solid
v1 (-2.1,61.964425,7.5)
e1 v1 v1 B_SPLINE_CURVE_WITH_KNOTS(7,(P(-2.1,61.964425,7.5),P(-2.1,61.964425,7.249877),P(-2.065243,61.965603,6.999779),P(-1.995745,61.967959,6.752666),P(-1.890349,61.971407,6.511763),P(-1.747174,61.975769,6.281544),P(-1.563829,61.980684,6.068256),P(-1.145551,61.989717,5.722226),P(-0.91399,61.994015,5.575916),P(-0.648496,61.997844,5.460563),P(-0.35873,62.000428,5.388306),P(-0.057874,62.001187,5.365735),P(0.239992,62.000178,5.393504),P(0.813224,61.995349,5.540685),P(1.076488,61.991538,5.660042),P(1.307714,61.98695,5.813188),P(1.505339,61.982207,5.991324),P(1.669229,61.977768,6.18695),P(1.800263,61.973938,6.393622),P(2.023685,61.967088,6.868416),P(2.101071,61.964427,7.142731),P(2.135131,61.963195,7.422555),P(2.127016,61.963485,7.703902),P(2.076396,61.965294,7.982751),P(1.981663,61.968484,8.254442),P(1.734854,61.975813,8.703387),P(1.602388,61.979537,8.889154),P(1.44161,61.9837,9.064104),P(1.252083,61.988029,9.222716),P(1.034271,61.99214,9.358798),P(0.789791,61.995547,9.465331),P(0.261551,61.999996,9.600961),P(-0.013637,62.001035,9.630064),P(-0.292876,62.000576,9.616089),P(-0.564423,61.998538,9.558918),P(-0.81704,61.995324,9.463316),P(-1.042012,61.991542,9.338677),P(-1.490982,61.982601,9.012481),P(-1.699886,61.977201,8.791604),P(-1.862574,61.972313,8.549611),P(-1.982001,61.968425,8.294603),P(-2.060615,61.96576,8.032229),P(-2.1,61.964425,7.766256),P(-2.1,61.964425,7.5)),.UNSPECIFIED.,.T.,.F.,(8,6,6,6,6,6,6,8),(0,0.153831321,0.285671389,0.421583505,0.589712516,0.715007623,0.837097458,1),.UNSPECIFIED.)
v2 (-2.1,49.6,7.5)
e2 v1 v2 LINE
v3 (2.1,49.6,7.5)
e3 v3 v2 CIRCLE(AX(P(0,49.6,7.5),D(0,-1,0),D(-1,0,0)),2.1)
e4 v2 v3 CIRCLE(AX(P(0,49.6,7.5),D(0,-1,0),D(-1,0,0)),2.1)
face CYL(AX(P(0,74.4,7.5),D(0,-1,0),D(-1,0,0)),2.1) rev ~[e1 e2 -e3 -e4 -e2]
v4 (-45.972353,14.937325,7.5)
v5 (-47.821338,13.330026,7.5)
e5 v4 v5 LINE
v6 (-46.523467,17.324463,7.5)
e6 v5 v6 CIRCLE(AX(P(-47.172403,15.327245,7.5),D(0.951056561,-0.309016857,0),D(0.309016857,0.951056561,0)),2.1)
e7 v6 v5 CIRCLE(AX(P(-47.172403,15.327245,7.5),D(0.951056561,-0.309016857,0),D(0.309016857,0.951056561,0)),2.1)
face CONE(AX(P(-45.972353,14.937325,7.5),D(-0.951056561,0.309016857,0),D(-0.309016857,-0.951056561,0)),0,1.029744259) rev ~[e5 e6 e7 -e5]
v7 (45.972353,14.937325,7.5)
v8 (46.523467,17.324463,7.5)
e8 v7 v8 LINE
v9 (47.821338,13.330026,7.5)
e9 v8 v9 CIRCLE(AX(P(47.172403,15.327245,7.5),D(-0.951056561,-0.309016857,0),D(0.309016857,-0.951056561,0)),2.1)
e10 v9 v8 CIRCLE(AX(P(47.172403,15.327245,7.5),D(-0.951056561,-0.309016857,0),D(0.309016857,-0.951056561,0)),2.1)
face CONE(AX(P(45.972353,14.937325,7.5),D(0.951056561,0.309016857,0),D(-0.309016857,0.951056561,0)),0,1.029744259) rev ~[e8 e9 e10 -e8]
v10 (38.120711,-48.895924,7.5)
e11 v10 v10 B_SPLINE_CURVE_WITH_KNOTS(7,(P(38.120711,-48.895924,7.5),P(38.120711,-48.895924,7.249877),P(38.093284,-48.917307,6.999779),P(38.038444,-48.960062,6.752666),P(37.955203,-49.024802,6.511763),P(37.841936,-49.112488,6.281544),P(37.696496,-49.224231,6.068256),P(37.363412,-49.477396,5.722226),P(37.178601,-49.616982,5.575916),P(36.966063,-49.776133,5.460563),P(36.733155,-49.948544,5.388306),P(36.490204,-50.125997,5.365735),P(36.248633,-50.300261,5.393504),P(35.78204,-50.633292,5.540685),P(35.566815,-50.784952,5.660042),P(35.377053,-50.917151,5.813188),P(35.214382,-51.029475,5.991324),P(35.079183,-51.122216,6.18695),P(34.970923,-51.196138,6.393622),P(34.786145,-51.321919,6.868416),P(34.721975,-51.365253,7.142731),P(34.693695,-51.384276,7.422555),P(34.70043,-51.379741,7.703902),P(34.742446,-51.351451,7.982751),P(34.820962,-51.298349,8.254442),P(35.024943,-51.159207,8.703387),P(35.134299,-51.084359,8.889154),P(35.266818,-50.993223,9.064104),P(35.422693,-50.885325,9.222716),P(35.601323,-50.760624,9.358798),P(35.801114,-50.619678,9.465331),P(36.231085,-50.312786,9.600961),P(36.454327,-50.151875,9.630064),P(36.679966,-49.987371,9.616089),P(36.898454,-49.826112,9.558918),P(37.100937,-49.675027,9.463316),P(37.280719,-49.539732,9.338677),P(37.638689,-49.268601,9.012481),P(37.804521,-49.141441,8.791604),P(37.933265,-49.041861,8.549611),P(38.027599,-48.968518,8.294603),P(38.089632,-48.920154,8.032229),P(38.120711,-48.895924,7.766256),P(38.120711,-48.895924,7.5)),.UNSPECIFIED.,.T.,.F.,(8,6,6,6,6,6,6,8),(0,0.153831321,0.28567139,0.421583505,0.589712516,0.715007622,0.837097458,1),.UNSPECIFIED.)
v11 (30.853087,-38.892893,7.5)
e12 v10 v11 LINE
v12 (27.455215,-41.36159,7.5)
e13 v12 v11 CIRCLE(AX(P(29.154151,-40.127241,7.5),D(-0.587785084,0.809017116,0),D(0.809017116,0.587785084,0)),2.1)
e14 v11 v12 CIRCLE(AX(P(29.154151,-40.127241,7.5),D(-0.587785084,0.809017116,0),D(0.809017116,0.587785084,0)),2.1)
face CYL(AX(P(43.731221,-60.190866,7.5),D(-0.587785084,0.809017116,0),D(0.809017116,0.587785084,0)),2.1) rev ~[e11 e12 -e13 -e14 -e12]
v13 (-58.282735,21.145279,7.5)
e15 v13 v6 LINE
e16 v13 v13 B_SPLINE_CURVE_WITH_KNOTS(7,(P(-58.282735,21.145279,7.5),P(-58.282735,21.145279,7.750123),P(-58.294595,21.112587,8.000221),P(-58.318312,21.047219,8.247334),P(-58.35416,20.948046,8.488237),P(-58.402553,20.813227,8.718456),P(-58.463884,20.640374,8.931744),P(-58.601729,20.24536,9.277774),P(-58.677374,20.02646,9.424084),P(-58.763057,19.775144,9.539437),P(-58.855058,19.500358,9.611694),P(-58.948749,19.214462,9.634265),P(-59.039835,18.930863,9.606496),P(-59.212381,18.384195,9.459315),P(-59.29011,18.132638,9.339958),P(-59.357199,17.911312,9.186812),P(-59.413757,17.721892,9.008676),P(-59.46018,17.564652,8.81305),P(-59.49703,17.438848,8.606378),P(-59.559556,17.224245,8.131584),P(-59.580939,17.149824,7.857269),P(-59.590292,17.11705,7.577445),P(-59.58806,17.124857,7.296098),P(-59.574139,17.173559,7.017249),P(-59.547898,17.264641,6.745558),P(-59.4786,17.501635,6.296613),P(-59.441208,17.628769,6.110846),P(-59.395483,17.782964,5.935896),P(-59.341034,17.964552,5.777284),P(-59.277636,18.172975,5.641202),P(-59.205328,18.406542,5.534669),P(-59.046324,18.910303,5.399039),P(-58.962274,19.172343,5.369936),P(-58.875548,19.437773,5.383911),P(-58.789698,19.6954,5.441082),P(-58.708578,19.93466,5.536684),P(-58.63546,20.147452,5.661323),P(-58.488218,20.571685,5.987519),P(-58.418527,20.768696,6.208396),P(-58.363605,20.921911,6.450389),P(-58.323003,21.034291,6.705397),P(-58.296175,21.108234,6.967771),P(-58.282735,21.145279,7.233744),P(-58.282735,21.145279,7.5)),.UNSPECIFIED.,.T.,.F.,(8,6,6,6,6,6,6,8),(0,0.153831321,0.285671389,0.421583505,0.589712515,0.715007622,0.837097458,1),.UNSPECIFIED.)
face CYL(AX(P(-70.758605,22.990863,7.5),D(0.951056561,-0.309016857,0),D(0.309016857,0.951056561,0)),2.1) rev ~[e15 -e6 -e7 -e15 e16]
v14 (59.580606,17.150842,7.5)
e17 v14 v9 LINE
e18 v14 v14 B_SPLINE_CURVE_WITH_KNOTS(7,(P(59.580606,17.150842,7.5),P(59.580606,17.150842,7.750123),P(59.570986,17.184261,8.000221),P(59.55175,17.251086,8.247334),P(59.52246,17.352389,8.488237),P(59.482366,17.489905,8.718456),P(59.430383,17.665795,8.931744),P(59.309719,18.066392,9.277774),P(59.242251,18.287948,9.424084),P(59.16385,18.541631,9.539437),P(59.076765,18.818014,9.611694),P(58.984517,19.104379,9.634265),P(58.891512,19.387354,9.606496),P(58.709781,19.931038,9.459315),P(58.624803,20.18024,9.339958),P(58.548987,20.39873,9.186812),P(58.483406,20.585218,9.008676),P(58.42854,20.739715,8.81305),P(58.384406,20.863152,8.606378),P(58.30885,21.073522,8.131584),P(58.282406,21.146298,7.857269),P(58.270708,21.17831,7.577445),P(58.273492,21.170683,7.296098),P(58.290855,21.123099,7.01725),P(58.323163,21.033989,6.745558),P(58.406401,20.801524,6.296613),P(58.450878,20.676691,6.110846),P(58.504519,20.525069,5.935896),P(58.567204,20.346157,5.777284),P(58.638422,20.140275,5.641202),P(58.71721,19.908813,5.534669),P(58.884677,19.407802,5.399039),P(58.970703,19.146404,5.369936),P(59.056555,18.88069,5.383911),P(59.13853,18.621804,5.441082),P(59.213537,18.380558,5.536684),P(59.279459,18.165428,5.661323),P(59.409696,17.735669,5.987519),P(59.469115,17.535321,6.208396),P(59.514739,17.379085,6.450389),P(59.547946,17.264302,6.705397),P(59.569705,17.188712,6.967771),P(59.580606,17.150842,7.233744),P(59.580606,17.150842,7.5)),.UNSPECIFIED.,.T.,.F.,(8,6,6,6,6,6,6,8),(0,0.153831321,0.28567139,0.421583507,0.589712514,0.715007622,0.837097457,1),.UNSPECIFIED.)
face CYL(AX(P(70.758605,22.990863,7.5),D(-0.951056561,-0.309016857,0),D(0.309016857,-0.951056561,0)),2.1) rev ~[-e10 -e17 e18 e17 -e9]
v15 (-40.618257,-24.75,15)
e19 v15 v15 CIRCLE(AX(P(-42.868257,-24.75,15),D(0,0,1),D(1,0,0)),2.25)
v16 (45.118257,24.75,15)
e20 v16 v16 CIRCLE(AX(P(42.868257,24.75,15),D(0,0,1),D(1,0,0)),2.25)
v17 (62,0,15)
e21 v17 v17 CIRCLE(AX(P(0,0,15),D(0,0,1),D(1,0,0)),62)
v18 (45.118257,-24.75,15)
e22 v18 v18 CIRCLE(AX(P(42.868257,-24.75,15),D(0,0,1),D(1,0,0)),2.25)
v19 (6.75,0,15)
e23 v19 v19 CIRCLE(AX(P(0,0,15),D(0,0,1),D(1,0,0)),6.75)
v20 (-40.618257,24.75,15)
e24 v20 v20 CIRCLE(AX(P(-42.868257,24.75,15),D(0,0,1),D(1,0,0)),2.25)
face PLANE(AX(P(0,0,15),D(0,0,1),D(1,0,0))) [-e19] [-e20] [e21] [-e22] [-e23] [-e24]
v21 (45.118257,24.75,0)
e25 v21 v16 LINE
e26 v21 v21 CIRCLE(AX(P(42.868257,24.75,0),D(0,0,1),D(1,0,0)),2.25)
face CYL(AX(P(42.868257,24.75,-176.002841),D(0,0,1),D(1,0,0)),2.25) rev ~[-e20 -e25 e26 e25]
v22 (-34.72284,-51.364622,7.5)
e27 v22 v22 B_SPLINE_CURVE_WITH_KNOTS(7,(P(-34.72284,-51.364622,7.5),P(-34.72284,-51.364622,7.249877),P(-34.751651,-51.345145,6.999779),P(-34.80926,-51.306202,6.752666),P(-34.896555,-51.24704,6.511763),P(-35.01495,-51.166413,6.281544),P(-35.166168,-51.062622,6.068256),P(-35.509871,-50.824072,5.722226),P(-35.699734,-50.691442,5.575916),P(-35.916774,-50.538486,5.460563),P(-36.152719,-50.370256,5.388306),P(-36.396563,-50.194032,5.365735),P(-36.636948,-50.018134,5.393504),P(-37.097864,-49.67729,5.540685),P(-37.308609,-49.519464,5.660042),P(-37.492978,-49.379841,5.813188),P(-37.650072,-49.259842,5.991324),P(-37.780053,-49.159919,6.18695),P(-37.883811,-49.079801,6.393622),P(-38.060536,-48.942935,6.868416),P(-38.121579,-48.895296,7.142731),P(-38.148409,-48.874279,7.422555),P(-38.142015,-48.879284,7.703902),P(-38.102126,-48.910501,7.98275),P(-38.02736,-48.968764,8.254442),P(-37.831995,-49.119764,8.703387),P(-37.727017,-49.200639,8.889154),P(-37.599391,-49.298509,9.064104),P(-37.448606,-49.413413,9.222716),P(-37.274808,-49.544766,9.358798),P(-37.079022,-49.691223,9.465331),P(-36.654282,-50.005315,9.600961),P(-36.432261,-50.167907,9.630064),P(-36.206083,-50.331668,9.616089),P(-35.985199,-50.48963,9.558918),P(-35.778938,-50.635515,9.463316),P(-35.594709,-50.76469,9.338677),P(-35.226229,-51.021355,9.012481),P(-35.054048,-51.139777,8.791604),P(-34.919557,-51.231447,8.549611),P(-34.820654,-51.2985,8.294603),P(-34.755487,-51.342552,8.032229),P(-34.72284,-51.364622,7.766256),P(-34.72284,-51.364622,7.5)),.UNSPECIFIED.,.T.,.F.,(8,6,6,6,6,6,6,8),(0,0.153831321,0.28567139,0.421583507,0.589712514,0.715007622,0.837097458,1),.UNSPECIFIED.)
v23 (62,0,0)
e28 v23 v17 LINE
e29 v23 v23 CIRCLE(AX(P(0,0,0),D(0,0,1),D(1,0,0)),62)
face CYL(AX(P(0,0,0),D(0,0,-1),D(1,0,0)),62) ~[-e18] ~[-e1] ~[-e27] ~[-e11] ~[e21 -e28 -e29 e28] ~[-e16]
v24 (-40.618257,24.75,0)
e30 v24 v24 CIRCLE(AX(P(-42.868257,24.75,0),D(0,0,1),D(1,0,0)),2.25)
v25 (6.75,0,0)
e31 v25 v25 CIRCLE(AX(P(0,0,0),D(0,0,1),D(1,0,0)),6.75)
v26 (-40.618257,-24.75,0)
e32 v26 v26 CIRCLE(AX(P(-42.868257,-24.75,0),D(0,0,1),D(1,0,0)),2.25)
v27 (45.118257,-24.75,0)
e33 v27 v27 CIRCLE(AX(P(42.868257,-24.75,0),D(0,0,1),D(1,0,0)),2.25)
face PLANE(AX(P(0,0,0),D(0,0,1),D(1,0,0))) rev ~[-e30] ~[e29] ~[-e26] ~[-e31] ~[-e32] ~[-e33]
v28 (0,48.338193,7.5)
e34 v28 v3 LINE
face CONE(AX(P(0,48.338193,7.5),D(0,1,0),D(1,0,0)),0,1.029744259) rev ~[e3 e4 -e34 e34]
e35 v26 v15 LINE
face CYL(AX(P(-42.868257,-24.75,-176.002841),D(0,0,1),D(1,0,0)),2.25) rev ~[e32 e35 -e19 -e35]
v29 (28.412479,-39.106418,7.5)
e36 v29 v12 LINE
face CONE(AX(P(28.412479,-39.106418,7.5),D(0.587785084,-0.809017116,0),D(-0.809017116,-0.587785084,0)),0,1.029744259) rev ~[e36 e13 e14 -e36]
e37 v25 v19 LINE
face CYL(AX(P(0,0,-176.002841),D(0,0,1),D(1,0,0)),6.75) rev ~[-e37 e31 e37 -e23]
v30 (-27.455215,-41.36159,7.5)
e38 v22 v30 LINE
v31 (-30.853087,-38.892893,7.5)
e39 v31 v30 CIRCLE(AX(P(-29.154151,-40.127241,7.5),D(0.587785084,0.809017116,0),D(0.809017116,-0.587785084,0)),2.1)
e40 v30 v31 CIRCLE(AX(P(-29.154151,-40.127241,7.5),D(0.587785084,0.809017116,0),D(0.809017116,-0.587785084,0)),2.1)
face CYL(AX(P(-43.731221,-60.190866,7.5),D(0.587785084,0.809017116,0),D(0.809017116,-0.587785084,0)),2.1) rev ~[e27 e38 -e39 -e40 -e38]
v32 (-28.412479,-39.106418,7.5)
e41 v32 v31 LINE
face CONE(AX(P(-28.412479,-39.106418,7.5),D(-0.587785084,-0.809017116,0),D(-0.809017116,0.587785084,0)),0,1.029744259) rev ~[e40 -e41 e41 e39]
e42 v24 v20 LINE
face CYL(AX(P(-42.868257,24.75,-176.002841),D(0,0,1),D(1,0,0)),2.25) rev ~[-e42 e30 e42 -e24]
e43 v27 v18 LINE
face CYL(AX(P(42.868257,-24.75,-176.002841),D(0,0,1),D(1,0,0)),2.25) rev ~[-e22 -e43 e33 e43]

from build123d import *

# Parameters (mm, degrees)
SKETCH1_R                       = 62
BOSS_EXTRUDE1_DEPTH             = 15
M4_CLEARANCE_HOLE1_D            = 4.5
M12_CLEARANCE_HOLE1_D           = 13.5
M5_TAPPED_HOLE1_D               = 4.2
M5_TAPPED_HOLE1_DEPTH           = 12.4
M5_TAPPED_HOLE1_TIP             = 1.2618073
M5_TAPPED_HOLE1_ON_FACE_2_D     = 4.2
M5_TAPPED_HOLE1_ON_FACE_2_DEPTH = 12.4
M5_TAPPED_HOLE1_ON_FACE_2_TIP   = 1.2618073
M5_TAPPED_HOLE1_ON_FACE_3_D     = 4.2
M5_TAPPED_HOLE1_ON_FACE_3_DEPTH = 12.4
M5_TAPPED_HOLE1_ON_FACE_3_TIP   = 1.2618073
M5_TAPPED_HOLE1_ON_FACE_4_D     = 4.2
M5_TAPPED_HOLE1_ON_FACE_4_DEPTH = 12.4
M5_TAPPED_HOLE1_ON_FACE_4_TIP   = 1.2618073
M5_TAPPED_HOLE1_ON_FACE_5_D     = 4.2
M5_TAPPED_HOLE1_ON_FACE_5_DEPTH = 12.4
M5_TAPPED_HOLE1_ON_FACE_5_TIP   = 1.2618073


with BuildPart() as part:
    # Sketch1 → Boss-Extrude1 (new body)
    with BuildSketch(Plane.XY):
        Circle(SKETCH1_R)
    extrude(amount=BOSS_EXTRUDE1_DEPTH)

    # M4 Clearance Hole1 (through all)
    with Locations(Plane(origin=(0, 0, 0), x_dir=(-1, 0, 0), z_dir=(0, 0, -1))):
        with Locations((-42.868257487, 24.75), (-42.868257487, -24.75), (42.868257487, -24.75), (42.868257487, 24.75)):
            Hole(M4_CLEARANCE_HOLE1_D / 2)

    # M12 Clearance Hole1 (through all)
    with Locations(Plane(origin=(0, 0, 0), x_dir=(-1, 0, 0), z_dir=(0, 0, -1))):
        with Locations((0, 0)):
            Hole(M12_CLEARANCE_HOLE1_D / 2)

    # M5 Tapped Hole1
    with Locations(Plane(origin=(0, 62, 7.5), x_dir=(1, 0, 0), z_dir=(0, 1, 0))):
        with Locations((0, 0)):
            Hole(M5_TAPPED_HOLE1_D / 2, depth=M5_TAPPED_HOLE1_DEPTH)
            with Locations((0, 0, -(M5_TAPPED_HOLE1_DEPTH + M5_TAPPED_HOLE1_TIP / 2))):  # 118° drill point
                Cone(0, M5_TAPPED_HOLE1_D / 2, M5_TAPPED_HOLE1_TIP, mode=Mode.SUBTRACT)

    # M5 Tapped Hole1 on face 2
    with Locations(Plane(origin=(58.96550401, 19.159053651, 7.5), x_dir=(-0.309016857306, 0.951056560832, 0), z_dir=(0.951056560832, 0.309016857306, 0))):
        with Locations((0, 0)):
            Hole(M5_TAPPED_HOLE1_ON_FACE_2_D / 2, depth=M5_TAPPED_HOLE1_ON_FACE_2_DEPTH)
            with Locations((0, 0, -(M5_TAPPED_HOLE1_ON_FACE_2_DEPTH + M5_TAPPED_HOLE1_ON_FACE_2_TIP / 2))):  # 118° drill point
                Cone(0, M5_TAPPED_HOLE1_ON_FACE_2_D / 2, M5_TAPPED_HOLE1_ON_FACE_2_TIP, mode=Mode.SUBTRACT)

    # M5 Tapped Hole1 on face 3
    with Locations(Plane(origin=(36.442685642, -50.159053651, 7.5), x_dir=(-0.809017116291, -0.58778508449, 0), z_dir=(0.58778508449, -0.809017116291, 0))):
        with Locations((0, 0)):
            Hole(M5_TAPPED_HOLE1_ON_FACE_3_D / 2, depth=M5_TAPPED_HOLE1_ON_FACE_3_DEPTH)
            with Locations((0, 0, -(M5_TAPPED_HOLE1_ON_FACE_3_DEPTH + M5_TAPPED_HOLE1_ON_FACE_3_TIP / 2))):  # 118° drill point
                Cone(0, M5_TAPPED_HOLE1_ON_FACE_3_D / 2, M5_TAPPED_HOLE1_ON_FACE_3_TIP, mode=Mode.SUBTRACT)

    # M5 Tapped Hole1 on face 4
    with Locations(Plane(origin=(-36.442685642, -50.159053651, 7.5), x_dir=(-0.809017116291, 0.58778508449, 0), z_dir=(-0.58778508449, -0.809017116291, 0))):
        with Locations((0, 0)):
            Hole(M5_TAPPED_HOLE1_ON_FACE_4_D / 2, depth=M5_TAPPED_HOLE1_ON_FACE_4_DEPTH)
            with Locations((0, 0, -(M5_TAPPED_HOLE1_ON_FACE_4_DEPTH + M5_TAPPED_HOLE1_ON_FACE_4_TIP / 2))):  # 118° drill point
                Cone(0, M5_TAPPED_HOLE1_ON_FACE_4_D / 2, M5_TAPPED_HOLE1_ON_FACE_4_TIP, mode=Mode.SUBTRACT)

    # M5 Tapped Hole1 on face 5
    with Locations(Plane(origin=(-58.96550401, 19.159053651, 7.5), x_dir=(-0.309016857306, -0.951056560832, 0), z_dir=(-0.951056560832, 0.309016857306, 0))):
        with Locations((0, 0)):
            Hole(M5_TAPPED_HOLE1_ON_FACE_5_D / 2, depth=M5_TAPPED_HOLE1_ON_FACE_5_DEPTH)
            with Locations((0, 0, -(M5_TAPPED_HOLE1_ON_FACE_5_DEPTH + M5_TAPPED_HOLE1_ON_FACE_5_TIP / 2))):  # 118° drill point
                Cone(0, M5_TAPPED_HOLE1_ON_FACE_5_D / 2, M5_TAPPED_HOLE1_ON_FACE_5_TIP, mode=Mode.SUBTRACT)


solid = part.part
